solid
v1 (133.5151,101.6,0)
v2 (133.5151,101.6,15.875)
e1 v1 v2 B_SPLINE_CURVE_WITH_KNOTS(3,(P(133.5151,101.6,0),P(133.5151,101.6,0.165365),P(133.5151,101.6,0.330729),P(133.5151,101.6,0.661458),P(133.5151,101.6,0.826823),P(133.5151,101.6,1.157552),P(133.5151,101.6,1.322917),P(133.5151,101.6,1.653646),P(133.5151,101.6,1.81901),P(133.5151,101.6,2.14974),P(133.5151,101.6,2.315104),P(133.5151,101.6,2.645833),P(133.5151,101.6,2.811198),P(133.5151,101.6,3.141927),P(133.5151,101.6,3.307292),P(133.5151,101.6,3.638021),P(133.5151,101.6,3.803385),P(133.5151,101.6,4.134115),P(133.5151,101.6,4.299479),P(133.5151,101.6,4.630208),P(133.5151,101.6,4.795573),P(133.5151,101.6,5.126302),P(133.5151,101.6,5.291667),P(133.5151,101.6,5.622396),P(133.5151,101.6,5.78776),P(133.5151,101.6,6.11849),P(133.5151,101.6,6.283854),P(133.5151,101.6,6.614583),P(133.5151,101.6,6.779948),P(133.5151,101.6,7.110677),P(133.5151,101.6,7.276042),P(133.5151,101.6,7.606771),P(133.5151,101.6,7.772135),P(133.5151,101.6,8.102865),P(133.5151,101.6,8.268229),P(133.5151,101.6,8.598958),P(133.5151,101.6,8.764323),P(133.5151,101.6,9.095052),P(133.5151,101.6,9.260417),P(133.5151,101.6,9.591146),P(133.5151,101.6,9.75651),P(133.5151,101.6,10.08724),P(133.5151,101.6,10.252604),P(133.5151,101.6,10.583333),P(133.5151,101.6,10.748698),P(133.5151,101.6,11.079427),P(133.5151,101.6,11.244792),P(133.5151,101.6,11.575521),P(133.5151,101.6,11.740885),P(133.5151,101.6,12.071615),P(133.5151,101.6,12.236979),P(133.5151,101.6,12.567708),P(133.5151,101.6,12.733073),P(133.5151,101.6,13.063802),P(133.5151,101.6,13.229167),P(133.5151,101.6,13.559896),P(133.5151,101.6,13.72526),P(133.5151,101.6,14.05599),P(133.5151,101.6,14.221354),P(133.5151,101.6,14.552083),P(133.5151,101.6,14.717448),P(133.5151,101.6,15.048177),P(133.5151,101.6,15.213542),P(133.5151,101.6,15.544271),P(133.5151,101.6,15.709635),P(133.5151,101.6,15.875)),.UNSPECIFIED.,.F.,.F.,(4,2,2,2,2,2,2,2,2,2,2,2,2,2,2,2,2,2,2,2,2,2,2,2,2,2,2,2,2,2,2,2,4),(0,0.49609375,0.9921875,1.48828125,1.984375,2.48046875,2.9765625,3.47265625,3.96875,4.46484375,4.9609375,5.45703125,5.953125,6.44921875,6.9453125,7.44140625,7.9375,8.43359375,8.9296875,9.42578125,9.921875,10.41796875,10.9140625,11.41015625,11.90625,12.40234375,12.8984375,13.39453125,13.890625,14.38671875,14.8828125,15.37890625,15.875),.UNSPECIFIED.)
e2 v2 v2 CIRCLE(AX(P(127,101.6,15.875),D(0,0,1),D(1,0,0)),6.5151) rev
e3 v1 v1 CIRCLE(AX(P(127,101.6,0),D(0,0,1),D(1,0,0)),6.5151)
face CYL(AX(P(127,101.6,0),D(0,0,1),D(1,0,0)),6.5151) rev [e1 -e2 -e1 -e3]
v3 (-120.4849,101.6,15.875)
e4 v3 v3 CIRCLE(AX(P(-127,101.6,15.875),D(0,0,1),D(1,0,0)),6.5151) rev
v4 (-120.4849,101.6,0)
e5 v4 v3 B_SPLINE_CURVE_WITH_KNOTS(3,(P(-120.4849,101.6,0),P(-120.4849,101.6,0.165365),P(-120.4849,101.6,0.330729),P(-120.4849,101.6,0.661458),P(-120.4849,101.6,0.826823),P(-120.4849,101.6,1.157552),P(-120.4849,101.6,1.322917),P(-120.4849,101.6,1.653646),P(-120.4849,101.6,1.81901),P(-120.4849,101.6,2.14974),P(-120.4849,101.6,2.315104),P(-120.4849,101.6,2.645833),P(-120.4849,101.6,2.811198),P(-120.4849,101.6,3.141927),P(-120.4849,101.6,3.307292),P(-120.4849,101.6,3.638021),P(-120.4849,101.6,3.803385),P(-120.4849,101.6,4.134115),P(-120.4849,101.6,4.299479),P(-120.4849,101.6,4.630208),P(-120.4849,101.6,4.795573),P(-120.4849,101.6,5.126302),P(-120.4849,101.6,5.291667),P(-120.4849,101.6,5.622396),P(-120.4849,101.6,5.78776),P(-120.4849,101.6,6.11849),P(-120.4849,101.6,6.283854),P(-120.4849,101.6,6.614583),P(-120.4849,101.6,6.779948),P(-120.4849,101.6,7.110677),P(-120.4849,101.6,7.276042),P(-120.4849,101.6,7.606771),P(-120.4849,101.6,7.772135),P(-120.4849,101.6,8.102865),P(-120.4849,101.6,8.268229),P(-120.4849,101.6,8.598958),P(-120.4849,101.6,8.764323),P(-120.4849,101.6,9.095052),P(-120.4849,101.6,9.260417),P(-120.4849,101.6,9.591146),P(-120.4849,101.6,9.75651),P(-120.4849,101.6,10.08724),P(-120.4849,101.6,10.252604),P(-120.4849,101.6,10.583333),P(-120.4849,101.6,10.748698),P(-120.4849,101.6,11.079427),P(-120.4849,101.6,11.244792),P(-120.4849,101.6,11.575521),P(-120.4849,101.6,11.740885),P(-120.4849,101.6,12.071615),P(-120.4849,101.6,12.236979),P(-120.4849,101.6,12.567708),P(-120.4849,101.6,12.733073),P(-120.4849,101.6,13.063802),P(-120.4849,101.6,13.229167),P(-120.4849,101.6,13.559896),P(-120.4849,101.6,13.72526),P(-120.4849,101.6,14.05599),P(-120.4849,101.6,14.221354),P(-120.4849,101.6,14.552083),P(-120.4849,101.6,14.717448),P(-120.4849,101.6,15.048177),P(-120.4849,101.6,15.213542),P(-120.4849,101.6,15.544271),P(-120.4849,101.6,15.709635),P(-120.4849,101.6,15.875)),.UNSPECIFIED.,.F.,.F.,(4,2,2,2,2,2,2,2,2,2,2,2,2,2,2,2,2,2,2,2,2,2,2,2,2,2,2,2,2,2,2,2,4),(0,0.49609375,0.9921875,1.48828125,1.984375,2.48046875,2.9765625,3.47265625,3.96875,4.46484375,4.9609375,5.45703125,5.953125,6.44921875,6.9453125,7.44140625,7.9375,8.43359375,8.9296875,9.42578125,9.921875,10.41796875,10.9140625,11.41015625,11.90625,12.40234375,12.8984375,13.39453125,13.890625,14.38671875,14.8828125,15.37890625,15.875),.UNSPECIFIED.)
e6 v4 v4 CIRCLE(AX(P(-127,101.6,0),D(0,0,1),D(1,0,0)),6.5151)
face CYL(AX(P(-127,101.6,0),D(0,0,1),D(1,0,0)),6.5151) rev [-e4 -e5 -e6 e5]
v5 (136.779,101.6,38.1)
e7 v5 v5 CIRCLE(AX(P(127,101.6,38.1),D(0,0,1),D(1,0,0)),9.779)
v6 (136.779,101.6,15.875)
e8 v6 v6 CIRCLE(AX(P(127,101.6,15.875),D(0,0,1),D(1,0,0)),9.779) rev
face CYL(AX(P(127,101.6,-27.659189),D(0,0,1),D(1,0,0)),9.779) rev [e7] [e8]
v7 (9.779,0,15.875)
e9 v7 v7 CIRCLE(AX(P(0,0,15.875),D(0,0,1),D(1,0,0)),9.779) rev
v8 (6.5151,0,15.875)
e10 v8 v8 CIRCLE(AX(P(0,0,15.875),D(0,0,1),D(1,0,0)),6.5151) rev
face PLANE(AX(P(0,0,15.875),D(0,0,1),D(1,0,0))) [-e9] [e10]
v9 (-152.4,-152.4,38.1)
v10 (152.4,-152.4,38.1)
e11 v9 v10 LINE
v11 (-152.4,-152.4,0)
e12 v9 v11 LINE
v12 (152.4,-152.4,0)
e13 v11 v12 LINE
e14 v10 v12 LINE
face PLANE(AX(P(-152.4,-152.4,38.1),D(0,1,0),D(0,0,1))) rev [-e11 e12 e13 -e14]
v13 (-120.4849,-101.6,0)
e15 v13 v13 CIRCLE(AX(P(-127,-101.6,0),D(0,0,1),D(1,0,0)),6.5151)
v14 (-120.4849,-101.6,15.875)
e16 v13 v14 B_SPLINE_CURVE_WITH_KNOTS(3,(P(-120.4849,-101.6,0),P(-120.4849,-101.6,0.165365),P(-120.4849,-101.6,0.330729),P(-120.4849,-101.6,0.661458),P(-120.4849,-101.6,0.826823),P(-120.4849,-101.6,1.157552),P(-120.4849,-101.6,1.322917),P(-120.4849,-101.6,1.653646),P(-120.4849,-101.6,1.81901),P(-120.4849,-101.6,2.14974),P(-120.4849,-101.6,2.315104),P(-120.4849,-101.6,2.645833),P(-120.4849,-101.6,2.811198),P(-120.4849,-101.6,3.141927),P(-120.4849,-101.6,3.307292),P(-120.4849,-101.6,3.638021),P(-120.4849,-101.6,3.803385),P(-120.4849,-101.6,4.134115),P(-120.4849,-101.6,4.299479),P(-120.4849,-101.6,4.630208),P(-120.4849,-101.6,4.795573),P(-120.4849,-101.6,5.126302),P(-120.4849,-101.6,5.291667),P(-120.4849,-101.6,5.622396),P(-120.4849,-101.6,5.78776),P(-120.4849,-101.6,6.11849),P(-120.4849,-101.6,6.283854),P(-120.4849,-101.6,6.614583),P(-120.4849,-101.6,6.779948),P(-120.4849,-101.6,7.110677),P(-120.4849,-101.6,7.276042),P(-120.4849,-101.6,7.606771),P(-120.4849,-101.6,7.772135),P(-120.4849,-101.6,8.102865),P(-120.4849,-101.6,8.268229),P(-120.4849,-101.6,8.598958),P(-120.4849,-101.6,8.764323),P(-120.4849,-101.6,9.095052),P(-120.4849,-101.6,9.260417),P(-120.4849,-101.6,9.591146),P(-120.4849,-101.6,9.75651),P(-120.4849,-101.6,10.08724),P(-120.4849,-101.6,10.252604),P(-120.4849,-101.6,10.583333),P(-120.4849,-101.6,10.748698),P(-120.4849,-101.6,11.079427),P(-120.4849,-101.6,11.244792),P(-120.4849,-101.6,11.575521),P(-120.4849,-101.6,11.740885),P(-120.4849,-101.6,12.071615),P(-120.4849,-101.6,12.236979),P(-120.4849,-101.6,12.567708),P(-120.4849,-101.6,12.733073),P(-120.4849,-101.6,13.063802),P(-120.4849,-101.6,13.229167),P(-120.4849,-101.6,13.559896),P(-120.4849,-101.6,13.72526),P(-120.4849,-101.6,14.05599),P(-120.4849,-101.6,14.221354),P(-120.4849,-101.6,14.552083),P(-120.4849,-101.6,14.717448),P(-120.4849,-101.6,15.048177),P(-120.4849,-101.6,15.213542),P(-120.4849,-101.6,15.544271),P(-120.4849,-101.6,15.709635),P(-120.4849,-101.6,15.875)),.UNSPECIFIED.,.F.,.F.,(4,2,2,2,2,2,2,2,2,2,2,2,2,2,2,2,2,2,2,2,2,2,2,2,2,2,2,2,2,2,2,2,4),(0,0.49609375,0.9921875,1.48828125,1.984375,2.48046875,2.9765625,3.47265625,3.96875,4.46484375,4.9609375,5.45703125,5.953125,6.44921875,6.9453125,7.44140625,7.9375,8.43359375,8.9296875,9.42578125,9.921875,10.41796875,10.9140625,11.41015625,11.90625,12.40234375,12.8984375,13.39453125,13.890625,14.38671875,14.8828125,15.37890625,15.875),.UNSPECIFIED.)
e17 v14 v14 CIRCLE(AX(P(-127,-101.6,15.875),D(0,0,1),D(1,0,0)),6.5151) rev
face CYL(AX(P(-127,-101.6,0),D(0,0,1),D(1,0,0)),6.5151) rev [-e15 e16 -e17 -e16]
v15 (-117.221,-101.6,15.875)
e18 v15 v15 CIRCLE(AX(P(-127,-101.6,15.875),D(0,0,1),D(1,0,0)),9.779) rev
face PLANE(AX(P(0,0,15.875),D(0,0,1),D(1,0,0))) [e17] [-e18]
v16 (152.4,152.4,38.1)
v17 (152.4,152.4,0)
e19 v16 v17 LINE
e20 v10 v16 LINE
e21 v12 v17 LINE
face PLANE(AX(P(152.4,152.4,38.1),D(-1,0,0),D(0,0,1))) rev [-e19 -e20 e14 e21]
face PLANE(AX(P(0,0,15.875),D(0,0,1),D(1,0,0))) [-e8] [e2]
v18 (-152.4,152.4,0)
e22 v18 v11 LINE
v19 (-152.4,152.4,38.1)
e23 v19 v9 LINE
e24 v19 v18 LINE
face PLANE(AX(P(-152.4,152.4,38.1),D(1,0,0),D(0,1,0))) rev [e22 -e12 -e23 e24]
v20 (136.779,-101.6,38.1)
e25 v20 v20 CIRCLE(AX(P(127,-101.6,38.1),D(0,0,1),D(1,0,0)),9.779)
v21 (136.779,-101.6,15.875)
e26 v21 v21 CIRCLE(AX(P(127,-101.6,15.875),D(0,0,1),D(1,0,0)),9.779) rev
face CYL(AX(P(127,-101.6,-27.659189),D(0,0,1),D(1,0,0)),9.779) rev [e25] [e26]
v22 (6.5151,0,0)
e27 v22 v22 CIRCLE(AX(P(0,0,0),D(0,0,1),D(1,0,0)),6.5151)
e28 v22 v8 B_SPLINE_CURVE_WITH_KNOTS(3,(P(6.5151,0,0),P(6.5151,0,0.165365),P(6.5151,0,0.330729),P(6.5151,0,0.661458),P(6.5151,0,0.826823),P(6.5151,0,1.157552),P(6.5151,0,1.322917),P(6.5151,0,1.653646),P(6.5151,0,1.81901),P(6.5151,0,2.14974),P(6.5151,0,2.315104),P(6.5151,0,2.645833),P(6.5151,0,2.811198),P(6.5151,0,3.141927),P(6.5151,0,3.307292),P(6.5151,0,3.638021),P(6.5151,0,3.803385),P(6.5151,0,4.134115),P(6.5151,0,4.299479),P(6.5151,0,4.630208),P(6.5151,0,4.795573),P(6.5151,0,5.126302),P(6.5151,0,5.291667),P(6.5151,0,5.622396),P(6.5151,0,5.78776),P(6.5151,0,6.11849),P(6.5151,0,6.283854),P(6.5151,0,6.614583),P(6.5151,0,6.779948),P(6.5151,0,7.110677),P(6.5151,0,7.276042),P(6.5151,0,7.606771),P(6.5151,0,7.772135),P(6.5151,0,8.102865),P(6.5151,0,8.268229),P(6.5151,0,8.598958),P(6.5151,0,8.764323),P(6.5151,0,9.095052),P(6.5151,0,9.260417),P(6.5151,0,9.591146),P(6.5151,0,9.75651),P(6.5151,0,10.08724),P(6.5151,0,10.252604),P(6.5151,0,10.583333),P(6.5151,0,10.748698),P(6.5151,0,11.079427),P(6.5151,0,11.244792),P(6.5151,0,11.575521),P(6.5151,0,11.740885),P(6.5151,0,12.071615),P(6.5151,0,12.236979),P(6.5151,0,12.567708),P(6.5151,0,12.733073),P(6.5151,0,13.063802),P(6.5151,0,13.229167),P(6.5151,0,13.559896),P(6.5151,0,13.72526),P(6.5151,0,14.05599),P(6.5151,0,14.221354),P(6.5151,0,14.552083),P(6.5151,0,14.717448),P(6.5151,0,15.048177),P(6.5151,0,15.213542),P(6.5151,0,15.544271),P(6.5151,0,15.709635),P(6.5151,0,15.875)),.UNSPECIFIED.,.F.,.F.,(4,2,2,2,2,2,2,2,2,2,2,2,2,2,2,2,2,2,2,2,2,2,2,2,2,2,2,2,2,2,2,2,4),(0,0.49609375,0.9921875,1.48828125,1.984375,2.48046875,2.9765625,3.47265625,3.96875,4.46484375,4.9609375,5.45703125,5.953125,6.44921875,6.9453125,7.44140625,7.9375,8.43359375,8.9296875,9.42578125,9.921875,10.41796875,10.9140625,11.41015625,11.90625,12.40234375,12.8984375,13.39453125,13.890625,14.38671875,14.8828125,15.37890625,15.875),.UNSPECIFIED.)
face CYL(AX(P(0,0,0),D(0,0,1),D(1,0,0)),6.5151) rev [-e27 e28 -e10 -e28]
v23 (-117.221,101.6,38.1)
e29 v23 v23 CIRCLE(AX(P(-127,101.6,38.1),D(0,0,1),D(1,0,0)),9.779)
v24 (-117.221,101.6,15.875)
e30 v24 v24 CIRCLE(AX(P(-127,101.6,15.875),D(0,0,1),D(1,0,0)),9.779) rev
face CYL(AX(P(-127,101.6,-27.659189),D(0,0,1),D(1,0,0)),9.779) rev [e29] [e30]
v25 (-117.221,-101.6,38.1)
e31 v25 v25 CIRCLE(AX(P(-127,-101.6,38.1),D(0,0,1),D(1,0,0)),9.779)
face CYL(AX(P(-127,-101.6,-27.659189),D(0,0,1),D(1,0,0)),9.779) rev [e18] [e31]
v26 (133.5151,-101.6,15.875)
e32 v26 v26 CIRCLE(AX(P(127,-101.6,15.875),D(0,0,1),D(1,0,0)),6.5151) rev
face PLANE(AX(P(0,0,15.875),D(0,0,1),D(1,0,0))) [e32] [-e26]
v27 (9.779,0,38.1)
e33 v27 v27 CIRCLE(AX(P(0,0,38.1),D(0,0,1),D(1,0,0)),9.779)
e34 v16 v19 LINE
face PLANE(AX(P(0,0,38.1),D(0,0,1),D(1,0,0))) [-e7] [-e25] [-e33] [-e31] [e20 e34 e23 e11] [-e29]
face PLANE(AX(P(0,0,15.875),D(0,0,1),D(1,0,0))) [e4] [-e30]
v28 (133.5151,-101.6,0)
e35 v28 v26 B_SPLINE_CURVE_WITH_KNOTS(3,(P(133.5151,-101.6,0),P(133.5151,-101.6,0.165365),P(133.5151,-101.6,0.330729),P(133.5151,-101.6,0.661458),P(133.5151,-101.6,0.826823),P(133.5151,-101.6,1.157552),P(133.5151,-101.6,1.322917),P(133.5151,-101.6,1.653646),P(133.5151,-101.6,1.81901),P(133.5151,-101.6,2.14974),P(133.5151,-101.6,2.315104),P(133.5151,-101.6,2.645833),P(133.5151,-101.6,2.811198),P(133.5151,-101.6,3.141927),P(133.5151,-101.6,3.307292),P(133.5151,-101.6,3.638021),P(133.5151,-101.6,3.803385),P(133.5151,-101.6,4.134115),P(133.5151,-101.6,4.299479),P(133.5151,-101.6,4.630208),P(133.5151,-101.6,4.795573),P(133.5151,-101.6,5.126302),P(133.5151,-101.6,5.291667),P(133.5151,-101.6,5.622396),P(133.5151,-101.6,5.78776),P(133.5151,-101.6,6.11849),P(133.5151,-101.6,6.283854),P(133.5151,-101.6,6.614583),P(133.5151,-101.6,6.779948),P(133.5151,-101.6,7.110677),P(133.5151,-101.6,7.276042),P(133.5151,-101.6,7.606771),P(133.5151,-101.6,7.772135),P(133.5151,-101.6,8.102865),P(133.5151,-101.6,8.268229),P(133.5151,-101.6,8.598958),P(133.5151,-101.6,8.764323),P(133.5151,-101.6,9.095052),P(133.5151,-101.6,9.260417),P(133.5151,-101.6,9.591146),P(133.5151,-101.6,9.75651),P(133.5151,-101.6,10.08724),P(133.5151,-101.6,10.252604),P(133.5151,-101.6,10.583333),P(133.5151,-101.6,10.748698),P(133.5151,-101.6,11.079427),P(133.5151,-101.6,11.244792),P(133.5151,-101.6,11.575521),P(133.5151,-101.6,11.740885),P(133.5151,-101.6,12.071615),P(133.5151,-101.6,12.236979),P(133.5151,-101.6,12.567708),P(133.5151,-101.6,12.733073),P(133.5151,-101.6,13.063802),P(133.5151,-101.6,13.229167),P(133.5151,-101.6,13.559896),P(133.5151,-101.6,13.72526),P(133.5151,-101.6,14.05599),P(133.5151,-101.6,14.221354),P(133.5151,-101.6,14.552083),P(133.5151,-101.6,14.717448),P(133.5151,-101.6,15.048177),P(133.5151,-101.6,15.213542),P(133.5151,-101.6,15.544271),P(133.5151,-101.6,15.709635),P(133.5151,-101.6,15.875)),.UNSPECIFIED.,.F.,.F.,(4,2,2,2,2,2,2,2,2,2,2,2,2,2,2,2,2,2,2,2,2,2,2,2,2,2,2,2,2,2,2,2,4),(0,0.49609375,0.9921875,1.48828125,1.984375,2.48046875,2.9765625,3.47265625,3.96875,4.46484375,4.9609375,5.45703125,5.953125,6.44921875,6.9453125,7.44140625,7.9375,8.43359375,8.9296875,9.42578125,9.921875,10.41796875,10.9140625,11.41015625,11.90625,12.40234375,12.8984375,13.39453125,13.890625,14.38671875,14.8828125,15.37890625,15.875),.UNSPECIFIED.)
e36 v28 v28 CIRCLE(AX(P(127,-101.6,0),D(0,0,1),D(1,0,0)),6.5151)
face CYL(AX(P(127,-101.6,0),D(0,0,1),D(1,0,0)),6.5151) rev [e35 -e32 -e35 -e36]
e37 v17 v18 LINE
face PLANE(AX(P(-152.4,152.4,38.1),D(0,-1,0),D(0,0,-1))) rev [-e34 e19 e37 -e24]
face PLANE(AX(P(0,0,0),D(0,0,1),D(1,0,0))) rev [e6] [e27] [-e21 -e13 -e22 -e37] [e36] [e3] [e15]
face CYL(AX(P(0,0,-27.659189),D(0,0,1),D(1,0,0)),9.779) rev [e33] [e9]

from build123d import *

# Parameters (mm, degrees)
SKETCH1_W                = 304.8
SKETCH1_H                = 304.8
BOSS_EXTRUDE1_DEPTH      = 38.1
SKETCH2_R                = 6.5151
HAAS_T_SLOT_HOLES_DEPTH  = 219.867836833
SKETCH3_R                = 9.779
HAAS_COUNTER_BORES_DEPTH = 22.225


with BuildPart() as part:
    # Sketch1 → Boss-Extrude1 (new body)
    with BuildSketch(Plane.XY):
        Rectangle(SKETCH1_W, SKETCH1_H)
    extrude(amount=BOSS_EXTRUDE1_DEPTH)

    # Sketch2 → HAAS T-Slot Holes (cut, through all)
    with BuildSketch(Plane.XY.offset(38.1)):
        with Locations((-127, 101.6)):
            Circle(SKETCH2_R)
        with Locations((127, 101.6)):
            Circle(SKETCH2_R)
        with Locations((127, -101.6)):
            Circle(SKETCH2_R)
        with Locations((-127, -101.6)):
            Circle(SKETCH2_R)
        Circle(SKETCH2_R)
    extrude(amount=-HAAS_T_SLOT_HOLES_DEPTH, mode=Mode.SUBTRACT)

    # Sketch3 → HAAS Counter Bores (cut)
    with BuildSketch(Plane.XY.offset(38.1)):
        with Locations((-127, 101.6)):
            Circle(SKETCH3_R)
        with Locations((127, 101.6)):
            Circle(SKETCH3_R)
        Circle(SKETCH3_R)
        with Locations((127, -101.6)):
            Circle(SKETCH3_R)
        with Locations((-127, -101.6)):
            Circle(SKETCH3_R)
    extrude(amount=-HAAS_COUNTER_BORES_DEPTH, mode=Mode.SUBTRACT)


solid = part.part
